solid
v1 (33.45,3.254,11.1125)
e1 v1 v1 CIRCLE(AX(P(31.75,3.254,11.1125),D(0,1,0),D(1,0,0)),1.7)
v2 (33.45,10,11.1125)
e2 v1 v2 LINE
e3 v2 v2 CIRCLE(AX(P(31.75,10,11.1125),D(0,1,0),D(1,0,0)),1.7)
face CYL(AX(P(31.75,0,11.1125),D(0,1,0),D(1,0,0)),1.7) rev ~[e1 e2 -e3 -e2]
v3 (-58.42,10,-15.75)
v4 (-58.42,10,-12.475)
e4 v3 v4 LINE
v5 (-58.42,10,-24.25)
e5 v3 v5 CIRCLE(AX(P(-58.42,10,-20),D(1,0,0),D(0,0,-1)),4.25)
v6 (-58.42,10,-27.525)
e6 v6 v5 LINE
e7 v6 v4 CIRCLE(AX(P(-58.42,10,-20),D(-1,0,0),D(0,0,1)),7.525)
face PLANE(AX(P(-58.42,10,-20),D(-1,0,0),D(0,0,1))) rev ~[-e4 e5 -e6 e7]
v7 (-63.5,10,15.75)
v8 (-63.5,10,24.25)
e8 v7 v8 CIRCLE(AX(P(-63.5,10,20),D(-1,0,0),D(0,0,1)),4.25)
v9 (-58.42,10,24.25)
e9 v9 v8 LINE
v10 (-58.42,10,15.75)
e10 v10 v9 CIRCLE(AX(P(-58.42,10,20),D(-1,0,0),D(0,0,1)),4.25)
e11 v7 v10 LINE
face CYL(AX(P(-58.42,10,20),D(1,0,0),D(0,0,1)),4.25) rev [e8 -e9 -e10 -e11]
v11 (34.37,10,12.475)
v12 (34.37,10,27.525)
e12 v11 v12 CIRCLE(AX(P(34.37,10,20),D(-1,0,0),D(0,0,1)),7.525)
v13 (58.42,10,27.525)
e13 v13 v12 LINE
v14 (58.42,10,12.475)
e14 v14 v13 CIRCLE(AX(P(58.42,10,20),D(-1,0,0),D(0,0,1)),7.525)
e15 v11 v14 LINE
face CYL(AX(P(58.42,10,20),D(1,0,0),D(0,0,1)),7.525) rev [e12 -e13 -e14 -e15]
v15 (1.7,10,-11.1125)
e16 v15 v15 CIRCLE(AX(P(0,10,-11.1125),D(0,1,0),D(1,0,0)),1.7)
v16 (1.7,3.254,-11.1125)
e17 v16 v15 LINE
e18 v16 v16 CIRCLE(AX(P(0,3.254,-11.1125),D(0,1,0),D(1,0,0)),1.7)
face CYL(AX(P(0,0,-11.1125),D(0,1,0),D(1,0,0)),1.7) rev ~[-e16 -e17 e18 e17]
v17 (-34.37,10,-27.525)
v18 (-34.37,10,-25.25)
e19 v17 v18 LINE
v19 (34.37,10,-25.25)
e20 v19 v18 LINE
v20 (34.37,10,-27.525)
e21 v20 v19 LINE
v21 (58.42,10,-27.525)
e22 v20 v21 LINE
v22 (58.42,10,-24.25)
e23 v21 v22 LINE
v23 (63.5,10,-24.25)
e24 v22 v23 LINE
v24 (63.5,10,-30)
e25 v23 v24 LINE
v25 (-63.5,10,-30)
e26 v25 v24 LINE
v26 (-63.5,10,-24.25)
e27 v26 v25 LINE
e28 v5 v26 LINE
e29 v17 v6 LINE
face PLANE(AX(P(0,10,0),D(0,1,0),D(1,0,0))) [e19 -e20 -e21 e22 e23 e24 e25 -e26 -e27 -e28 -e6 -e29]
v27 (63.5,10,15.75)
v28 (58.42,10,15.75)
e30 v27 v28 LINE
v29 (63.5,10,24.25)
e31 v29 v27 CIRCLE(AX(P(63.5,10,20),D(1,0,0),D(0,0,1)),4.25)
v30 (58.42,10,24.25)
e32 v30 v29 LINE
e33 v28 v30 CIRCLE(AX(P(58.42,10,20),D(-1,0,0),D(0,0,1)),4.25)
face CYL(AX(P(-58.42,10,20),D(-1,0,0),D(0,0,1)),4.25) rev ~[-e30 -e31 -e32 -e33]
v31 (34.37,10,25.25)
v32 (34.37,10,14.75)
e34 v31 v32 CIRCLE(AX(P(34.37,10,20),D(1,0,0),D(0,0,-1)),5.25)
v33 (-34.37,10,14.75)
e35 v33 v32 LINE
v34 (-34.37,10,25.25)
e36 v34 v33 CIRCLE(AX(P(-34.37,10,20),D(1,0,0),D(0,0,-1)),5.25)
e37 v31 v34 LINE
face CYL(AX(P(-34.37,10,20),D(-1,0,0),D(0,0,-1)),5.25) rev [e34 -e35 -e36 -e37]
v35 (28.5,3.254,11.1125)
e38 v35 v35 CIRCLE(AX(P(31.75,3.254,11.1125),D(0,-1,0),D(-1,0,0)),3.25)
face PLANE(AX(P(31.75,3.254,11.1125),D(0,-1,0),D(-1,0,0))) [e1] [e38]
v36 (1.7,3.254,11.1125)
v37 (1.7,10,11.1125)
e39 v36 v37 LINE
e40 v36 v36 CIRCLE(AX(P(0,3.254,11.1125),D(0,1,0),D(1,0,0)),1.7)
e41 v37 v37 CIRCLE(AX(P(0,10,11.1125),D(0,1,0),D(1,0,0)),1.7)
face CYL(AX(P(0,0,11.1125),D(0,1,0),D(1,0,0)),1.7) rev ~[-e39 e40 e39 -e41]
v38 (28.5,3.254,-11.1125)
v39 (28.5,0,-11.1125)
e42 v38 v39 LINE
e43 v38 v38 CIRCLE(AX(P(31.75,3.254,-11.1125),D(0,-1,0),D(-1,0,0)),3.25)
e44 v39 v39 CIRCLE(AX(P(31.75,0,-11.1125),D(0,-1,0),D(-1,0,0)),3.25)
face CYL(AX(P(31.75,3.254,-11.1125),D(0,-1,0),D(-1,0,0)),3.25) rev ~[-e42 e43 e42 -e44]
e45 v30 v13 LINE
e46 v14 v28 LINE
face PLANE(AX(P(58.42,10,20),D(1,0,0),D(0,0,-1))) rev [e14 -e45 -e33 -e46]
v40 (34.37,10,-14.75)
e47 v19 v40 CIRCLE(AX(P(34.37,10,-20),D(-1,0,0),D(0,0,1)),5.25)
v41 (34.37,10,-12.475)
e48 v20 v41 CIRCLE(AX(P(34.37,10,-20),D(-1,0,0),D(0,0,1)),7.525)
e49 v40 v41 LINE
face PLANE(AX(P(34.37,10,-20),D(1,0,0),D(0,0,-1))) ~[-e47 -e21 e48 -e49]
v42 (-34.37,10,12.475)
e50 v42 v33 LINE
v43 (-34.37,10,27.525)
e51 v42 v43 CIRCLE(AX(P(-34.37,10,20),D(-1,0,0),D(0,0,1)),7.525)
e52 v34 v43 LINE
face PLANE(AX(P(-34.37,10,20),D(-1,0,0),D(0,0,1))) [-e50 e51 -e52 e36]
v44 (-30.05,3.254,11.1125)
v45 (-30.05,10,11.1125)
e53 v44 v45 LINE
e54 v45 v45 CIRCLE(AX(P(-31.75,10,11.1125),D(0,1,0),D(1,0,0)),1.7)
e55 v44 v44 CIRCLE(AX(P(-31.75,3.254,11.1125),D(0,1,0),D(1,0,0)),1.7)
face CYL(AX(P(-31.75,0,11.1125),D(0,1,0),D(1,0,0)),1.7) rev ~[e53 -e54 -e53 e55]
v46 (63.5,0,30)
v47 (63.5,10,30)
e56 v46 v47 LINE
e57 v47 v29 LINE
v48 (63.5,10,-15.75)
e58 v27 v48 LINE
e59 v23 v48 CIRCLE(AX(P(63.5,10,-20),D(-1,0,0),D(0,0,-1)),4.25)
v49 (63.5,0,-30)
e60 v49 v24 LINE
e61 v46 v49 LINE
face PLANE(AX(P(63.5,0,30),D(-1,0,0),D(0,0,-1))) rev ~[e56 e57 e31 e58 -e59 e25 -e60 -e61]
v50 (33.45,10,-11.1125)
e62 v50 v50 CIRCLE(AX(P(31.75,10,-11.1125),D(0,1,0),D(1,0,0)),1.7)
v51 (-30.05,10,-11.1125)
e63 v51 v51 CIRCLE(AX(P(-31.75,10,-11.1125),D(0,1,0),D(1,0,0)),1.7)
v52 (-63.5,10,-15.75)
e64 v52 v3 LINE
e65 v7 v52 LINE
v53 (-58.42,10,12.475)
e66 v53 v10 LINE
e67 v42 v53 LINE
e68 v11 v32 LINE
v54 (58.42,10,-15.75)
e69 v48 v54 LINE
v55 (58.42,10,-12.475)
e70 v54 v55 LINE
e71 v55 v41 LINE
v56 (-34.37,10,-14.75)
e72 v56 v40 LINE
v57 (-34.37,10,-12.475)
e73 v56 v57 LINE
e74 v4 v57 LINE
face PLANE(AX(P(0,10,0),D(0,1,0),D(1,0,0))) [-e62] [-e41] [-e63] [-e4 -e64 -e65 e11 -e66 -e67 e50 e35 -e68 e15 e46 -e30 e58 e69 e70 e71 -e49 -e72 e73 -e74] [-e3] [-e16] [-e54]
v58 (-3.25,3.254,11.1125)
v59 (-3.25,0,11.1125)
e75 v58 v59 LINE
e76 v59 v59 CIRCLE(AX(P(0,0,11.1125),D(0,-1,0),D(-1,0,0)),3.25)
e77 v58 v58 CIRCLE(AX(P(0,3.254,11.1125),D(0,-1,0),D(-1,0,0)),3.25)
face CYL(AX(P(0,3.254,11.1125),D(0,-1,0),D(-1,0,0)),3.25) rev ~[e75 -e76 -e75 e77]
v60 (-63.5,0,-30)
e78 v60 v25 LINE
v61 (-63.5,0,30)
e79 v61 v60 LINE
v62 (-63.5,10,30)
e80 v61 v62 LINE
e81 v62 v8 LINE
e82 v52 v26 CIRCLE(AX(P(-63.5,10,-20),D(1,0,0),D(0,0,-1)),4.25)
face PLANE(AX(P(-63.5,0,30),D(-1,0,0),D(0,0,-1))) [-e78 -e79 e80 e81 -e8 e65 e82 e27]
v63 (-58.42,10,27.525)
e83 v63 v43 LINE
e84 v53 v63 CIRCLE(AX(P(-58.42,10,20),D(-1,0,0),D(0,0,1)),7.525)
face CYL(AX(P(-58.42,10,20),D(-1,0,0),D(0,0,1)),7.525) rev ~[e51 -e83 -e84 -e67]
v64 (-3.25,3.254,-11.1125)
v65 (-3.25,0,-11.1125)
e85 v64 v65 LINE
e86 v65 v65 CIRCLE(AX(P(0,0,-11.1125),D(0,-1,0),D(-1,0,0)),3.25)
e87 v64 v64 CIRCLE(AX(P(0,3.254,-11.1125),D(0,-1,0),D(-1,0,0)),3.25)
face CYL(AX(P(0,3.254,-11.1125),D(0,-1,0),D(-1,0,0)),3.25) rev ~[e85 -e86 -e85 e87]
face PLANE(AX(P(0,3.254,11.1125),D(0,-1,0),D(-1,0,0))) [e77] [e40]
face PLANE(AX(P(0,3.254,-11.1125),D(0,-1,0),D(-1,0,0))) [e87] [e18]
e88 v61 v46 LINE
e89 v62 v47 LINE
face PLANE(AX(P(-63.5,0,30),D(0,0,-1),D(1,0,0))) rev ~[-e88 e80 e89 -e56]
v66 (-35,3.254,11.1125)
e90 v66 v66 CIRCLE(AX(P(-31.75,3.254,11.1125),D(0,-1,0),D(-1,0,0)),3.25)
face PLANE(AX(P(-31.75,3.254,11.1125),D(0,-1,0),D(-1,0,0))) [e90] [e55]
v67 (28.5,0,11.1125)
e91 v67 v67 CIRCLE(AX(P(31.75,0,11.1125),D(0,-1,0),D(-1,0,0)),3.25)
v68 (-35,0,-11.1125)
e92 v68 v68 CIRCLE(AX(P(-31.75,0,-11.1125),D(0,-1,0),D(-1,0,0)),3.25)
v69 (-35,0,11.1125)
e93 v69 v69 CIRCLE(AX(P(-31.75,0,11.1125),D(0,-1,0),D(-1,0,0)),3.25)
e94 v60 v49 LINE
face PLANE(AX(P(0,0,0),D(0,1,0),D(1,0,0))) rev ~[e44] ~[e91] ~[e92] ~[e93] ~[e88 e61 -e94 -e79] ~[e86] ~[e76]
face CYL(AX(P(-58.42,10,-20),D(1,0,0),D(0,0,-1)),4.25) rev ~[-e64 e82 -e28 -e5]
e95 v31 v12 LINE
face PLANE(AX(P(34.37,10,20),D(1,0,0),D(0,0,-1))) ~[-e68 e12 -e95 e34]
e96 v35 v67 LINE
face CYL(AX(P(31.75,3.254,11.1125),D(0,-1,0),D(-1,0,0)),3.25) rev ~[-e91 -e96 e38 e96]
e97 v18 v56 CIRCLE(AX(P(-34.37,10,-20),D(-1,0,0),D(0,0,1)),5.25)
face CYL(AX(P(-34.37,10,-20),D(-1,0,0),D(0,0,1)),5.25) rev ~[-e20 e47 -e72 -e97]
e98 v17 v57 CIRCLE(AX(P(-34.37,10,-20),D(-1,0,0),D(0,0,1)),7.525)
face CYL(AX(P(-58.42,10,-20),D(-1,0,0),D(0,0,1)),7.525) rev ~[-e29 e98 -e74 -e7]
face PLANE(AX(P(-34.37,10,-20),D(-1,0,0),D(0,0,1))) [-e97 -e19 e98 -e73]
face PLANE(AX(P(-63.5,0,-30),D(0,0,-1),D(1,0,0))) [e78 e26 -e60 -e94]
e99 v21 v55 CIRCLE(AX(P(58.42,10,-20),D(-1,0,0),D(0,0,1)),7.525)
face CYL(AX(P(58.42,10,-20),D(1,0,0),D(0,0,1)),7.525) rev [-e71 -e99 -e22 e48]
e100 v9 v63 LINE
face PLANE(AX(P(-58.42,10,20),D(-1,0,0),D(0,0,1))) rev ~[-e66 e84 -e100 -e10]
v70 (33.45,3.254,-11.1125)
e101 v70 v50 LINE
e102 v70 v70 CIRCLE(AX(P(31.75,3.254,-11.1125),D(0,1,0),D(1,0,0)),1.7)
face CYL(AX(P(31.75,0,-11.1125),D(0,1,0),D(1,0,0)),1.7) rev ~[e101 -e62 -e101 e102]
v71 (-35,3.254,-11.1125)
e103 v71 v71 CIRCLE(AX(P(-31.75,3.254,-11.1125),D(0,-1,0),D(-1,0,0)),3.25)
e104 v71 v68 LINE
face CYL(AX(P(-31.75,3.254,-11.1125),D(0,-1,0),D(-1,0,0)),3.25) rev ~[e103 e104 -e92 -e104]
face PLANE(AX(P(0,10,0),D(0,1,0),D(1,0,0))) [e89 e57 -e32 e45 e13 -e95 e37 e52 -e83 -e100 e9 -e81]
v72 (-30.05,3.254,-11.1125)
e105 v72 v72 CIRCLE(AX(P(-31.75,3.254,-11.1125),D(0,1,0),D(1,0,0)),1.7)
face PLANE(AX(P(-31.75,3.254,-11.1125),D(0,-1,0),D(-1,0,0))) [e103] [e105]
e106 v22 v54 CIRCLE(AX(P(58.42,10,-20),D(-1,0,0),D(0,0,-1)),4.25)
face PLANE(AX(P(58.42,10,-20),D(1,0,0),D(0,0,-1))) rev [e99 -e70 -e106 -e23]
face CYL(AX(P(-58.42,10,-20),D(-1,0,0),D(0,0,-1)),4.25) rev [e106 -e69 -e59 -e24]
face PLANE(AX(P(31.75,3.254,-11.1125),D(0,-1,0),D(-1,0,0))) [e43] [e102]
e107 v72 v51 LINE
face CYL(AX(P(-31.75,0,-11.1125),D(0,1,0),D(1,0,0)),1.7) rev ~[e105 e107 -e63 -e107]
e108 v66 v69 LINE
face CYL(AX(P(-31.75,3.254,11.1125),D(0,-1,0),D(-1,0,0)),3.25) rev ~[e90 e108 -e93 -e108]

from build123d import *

# Parameters (mm, degrees)
SKETCH1_W                      = 127
SKETCH1_H                      = 60
BOSS_EXTRUDE1_DEPTH            = 10
CUT_EXTRUDE1_START             = -5.08
SKETCH3_R                      = 7.525
CUT_EXTRUDE1_DEPTH             = 24.05
CUT_EXTRUDE2_REACH             = 127.954
SKETCH4_R                      = 4.25
CUT_EXTRUDE2_DIRECTION_2_REACH = 127.954
CUT_EXTRUDE3_START             = -68.74
SKETCH5_R                      = 5.25
SKETCH5_R_2                    = 4.25
CUT_EXTRUDE3_DEPTH             = 68.74
CBORE_FOR_M3_SHCS1_D           = 3.4
CBORE_FOR_M3_SHCS1_CBORE_D     = 6.5
CBORE_FOR_M3_SHCS1_CBORE_DEPTH = 3.254


with BuildPart() as part:
    # Sketch1 → Boss-Extrude1 (new body)
    with BuildSketch(Plane(origin=(0, 0, 0), x_dir=(1, 0, 0), z_dir=(0, 1, 0))):
        Rectangle(SKETCH1_W, SKETCH1_H)
    extrude(amount=BOSS_EXTRUDE1_DEPTH)

    # Sketch3 → Cut-Extrude1 (cut)
    with BuildSketch(Plane.ZY.offset(63.5).offset(CUT_EXTRUDE1_START)):
        with Locations((-20, 10)):
            Circle(SKETCH3_R)
        with Locations((20, 10)):
            Circle(SKETCH3_R)
    cut_extrude1 = extrude(amount=-CUT_EXTRUDE1_DEPTH, mode=Mode.SUBTRACT)

    # Mirror1: Cut-Extrude1 across plane
    add(cut_extrude1.mirror(Plane(origin=(0, 0, 0), x_dir=(0, 0, 1), z_dir=(1, 0, 0))), mode=Mode.SUBTRACT)

    # Sketch4 → Cut-Extrude2 (cut, up to next)
    with BuildSketch(Plane(origin=(-58.42, 0, 0), x_dir=(0, 0, -1), z_dir=(1, 0, 0)), mode=Mode.PRIVATE) as cut_extrude2_sk1:
        with Locations((20, 10)):
            Circle(SKETCH4_R)
    cut_extrude2_tool1 = extrude(cut_extrude2_sk1.sketch, amount=-CUT_EXTRUDE2_REACH, mode=Mode.PRIVATE) & part.part
    cut_extrude2 = cut_extrude2_tool1.solids().sort_by_distance((-58.42, 10, -20))[0]
    add(cut_extrude2, mode=Mode.SUBTRACT)

    # Cut-Extrude2 direction 2: up to this face of the body (flat: up to its plane)
    cut_extrude2_direction_2_end = Plane(part.part.faces().sort_by_distance((63.5, 5, 0))[0])
    # Sketch4 → Cut-Extrude2 direction 2 (cut, up to the picked face)
    with BuildSketch(Plane(origin=(-58.42, 0, 0), x_dir=(0, 0, -1), z_dir=(1, 0, 0)), mode=Mode.PRIVATE) as cut_extrude2_direction_2_sk1:
        with Locations((20, 10)):
            Circle(SKETCH4_R)
    cut_extrude2_direction_2_tool1 = split(extrude(cut_extrude2_direction_2_sk1.sketch, amount=CUT_EXTRUDE2_DIRECTION_2_REACH, mode=Mode.PRIVATE), bisect_by=cut_extrude2_direction_2_end, keep=Keep.BOTH, mode=Mode.PRIVATE)
    cut_extrude2_direction_2 = cut_extrude2_direction_2_tool1.solids().sort_by(Axis((-58.42, 10, -20), (1, 0, 0)))[0]
    add(cut_extrude2_direction_2, mode=Mode.SUBTRACT)

    # Mirror2: Cut-Extrude2, Cut-Extrude2 direction 2 across plane
    add(cut_extrude2.mirror(Plane.XY), mode=Mode.SUBTRACT)
    add(cut_extrude2_direction_2.mirror(Plane.XY), mode=Mode.SUBTRACT)

    # Sketch5 → Cut-Extrude3 (cut)
    with BuildSketch(Plane(origin=(34.37, 0, 0), x_dir=(0, 0, -1), z_dir=(1, 0, 0)).offset(CUT_EXTRUDE3_START)):
        with Locations((-20, 10)):
            Circle(SKETCH5_R)
        with Locations((-20, 10)):
            Circle(SKETCH5_R_2, mode=Mode.SUBTRACT)
    cut_extrude3 = extrude(amount=CUT_EXTRUDE3_DEPTH, mode=Mode.SUBTRACT)

    # Mirror3: Cut-Extrude3 across plane
    add(cut_extrude3.mirror(Plane.XY), mode=Mode.SUBTRACT)

    # CBORE for M3 SHCS1 (through all)
    with Locations(Plane(origin=(0, 0, 0), x_dir=(-1, 0, 0), z_dir=(0, -1, 0))):
        with Locations((-31.75, -11.1125), (0, -11.1125), (31.75, -11.1125), (-31.75, 11.1125), (0, 11.1125), (31.75, 11.1125)):
            CounterBoreHole(CBORE_FOR_M3_SHCS1_D / 2, CBORE_FOR_M3_SHCS1_CBORE_D / 2, CBORE_FOR_M3_SHCS1_CBORE_DEPTH)


solid = part.part
